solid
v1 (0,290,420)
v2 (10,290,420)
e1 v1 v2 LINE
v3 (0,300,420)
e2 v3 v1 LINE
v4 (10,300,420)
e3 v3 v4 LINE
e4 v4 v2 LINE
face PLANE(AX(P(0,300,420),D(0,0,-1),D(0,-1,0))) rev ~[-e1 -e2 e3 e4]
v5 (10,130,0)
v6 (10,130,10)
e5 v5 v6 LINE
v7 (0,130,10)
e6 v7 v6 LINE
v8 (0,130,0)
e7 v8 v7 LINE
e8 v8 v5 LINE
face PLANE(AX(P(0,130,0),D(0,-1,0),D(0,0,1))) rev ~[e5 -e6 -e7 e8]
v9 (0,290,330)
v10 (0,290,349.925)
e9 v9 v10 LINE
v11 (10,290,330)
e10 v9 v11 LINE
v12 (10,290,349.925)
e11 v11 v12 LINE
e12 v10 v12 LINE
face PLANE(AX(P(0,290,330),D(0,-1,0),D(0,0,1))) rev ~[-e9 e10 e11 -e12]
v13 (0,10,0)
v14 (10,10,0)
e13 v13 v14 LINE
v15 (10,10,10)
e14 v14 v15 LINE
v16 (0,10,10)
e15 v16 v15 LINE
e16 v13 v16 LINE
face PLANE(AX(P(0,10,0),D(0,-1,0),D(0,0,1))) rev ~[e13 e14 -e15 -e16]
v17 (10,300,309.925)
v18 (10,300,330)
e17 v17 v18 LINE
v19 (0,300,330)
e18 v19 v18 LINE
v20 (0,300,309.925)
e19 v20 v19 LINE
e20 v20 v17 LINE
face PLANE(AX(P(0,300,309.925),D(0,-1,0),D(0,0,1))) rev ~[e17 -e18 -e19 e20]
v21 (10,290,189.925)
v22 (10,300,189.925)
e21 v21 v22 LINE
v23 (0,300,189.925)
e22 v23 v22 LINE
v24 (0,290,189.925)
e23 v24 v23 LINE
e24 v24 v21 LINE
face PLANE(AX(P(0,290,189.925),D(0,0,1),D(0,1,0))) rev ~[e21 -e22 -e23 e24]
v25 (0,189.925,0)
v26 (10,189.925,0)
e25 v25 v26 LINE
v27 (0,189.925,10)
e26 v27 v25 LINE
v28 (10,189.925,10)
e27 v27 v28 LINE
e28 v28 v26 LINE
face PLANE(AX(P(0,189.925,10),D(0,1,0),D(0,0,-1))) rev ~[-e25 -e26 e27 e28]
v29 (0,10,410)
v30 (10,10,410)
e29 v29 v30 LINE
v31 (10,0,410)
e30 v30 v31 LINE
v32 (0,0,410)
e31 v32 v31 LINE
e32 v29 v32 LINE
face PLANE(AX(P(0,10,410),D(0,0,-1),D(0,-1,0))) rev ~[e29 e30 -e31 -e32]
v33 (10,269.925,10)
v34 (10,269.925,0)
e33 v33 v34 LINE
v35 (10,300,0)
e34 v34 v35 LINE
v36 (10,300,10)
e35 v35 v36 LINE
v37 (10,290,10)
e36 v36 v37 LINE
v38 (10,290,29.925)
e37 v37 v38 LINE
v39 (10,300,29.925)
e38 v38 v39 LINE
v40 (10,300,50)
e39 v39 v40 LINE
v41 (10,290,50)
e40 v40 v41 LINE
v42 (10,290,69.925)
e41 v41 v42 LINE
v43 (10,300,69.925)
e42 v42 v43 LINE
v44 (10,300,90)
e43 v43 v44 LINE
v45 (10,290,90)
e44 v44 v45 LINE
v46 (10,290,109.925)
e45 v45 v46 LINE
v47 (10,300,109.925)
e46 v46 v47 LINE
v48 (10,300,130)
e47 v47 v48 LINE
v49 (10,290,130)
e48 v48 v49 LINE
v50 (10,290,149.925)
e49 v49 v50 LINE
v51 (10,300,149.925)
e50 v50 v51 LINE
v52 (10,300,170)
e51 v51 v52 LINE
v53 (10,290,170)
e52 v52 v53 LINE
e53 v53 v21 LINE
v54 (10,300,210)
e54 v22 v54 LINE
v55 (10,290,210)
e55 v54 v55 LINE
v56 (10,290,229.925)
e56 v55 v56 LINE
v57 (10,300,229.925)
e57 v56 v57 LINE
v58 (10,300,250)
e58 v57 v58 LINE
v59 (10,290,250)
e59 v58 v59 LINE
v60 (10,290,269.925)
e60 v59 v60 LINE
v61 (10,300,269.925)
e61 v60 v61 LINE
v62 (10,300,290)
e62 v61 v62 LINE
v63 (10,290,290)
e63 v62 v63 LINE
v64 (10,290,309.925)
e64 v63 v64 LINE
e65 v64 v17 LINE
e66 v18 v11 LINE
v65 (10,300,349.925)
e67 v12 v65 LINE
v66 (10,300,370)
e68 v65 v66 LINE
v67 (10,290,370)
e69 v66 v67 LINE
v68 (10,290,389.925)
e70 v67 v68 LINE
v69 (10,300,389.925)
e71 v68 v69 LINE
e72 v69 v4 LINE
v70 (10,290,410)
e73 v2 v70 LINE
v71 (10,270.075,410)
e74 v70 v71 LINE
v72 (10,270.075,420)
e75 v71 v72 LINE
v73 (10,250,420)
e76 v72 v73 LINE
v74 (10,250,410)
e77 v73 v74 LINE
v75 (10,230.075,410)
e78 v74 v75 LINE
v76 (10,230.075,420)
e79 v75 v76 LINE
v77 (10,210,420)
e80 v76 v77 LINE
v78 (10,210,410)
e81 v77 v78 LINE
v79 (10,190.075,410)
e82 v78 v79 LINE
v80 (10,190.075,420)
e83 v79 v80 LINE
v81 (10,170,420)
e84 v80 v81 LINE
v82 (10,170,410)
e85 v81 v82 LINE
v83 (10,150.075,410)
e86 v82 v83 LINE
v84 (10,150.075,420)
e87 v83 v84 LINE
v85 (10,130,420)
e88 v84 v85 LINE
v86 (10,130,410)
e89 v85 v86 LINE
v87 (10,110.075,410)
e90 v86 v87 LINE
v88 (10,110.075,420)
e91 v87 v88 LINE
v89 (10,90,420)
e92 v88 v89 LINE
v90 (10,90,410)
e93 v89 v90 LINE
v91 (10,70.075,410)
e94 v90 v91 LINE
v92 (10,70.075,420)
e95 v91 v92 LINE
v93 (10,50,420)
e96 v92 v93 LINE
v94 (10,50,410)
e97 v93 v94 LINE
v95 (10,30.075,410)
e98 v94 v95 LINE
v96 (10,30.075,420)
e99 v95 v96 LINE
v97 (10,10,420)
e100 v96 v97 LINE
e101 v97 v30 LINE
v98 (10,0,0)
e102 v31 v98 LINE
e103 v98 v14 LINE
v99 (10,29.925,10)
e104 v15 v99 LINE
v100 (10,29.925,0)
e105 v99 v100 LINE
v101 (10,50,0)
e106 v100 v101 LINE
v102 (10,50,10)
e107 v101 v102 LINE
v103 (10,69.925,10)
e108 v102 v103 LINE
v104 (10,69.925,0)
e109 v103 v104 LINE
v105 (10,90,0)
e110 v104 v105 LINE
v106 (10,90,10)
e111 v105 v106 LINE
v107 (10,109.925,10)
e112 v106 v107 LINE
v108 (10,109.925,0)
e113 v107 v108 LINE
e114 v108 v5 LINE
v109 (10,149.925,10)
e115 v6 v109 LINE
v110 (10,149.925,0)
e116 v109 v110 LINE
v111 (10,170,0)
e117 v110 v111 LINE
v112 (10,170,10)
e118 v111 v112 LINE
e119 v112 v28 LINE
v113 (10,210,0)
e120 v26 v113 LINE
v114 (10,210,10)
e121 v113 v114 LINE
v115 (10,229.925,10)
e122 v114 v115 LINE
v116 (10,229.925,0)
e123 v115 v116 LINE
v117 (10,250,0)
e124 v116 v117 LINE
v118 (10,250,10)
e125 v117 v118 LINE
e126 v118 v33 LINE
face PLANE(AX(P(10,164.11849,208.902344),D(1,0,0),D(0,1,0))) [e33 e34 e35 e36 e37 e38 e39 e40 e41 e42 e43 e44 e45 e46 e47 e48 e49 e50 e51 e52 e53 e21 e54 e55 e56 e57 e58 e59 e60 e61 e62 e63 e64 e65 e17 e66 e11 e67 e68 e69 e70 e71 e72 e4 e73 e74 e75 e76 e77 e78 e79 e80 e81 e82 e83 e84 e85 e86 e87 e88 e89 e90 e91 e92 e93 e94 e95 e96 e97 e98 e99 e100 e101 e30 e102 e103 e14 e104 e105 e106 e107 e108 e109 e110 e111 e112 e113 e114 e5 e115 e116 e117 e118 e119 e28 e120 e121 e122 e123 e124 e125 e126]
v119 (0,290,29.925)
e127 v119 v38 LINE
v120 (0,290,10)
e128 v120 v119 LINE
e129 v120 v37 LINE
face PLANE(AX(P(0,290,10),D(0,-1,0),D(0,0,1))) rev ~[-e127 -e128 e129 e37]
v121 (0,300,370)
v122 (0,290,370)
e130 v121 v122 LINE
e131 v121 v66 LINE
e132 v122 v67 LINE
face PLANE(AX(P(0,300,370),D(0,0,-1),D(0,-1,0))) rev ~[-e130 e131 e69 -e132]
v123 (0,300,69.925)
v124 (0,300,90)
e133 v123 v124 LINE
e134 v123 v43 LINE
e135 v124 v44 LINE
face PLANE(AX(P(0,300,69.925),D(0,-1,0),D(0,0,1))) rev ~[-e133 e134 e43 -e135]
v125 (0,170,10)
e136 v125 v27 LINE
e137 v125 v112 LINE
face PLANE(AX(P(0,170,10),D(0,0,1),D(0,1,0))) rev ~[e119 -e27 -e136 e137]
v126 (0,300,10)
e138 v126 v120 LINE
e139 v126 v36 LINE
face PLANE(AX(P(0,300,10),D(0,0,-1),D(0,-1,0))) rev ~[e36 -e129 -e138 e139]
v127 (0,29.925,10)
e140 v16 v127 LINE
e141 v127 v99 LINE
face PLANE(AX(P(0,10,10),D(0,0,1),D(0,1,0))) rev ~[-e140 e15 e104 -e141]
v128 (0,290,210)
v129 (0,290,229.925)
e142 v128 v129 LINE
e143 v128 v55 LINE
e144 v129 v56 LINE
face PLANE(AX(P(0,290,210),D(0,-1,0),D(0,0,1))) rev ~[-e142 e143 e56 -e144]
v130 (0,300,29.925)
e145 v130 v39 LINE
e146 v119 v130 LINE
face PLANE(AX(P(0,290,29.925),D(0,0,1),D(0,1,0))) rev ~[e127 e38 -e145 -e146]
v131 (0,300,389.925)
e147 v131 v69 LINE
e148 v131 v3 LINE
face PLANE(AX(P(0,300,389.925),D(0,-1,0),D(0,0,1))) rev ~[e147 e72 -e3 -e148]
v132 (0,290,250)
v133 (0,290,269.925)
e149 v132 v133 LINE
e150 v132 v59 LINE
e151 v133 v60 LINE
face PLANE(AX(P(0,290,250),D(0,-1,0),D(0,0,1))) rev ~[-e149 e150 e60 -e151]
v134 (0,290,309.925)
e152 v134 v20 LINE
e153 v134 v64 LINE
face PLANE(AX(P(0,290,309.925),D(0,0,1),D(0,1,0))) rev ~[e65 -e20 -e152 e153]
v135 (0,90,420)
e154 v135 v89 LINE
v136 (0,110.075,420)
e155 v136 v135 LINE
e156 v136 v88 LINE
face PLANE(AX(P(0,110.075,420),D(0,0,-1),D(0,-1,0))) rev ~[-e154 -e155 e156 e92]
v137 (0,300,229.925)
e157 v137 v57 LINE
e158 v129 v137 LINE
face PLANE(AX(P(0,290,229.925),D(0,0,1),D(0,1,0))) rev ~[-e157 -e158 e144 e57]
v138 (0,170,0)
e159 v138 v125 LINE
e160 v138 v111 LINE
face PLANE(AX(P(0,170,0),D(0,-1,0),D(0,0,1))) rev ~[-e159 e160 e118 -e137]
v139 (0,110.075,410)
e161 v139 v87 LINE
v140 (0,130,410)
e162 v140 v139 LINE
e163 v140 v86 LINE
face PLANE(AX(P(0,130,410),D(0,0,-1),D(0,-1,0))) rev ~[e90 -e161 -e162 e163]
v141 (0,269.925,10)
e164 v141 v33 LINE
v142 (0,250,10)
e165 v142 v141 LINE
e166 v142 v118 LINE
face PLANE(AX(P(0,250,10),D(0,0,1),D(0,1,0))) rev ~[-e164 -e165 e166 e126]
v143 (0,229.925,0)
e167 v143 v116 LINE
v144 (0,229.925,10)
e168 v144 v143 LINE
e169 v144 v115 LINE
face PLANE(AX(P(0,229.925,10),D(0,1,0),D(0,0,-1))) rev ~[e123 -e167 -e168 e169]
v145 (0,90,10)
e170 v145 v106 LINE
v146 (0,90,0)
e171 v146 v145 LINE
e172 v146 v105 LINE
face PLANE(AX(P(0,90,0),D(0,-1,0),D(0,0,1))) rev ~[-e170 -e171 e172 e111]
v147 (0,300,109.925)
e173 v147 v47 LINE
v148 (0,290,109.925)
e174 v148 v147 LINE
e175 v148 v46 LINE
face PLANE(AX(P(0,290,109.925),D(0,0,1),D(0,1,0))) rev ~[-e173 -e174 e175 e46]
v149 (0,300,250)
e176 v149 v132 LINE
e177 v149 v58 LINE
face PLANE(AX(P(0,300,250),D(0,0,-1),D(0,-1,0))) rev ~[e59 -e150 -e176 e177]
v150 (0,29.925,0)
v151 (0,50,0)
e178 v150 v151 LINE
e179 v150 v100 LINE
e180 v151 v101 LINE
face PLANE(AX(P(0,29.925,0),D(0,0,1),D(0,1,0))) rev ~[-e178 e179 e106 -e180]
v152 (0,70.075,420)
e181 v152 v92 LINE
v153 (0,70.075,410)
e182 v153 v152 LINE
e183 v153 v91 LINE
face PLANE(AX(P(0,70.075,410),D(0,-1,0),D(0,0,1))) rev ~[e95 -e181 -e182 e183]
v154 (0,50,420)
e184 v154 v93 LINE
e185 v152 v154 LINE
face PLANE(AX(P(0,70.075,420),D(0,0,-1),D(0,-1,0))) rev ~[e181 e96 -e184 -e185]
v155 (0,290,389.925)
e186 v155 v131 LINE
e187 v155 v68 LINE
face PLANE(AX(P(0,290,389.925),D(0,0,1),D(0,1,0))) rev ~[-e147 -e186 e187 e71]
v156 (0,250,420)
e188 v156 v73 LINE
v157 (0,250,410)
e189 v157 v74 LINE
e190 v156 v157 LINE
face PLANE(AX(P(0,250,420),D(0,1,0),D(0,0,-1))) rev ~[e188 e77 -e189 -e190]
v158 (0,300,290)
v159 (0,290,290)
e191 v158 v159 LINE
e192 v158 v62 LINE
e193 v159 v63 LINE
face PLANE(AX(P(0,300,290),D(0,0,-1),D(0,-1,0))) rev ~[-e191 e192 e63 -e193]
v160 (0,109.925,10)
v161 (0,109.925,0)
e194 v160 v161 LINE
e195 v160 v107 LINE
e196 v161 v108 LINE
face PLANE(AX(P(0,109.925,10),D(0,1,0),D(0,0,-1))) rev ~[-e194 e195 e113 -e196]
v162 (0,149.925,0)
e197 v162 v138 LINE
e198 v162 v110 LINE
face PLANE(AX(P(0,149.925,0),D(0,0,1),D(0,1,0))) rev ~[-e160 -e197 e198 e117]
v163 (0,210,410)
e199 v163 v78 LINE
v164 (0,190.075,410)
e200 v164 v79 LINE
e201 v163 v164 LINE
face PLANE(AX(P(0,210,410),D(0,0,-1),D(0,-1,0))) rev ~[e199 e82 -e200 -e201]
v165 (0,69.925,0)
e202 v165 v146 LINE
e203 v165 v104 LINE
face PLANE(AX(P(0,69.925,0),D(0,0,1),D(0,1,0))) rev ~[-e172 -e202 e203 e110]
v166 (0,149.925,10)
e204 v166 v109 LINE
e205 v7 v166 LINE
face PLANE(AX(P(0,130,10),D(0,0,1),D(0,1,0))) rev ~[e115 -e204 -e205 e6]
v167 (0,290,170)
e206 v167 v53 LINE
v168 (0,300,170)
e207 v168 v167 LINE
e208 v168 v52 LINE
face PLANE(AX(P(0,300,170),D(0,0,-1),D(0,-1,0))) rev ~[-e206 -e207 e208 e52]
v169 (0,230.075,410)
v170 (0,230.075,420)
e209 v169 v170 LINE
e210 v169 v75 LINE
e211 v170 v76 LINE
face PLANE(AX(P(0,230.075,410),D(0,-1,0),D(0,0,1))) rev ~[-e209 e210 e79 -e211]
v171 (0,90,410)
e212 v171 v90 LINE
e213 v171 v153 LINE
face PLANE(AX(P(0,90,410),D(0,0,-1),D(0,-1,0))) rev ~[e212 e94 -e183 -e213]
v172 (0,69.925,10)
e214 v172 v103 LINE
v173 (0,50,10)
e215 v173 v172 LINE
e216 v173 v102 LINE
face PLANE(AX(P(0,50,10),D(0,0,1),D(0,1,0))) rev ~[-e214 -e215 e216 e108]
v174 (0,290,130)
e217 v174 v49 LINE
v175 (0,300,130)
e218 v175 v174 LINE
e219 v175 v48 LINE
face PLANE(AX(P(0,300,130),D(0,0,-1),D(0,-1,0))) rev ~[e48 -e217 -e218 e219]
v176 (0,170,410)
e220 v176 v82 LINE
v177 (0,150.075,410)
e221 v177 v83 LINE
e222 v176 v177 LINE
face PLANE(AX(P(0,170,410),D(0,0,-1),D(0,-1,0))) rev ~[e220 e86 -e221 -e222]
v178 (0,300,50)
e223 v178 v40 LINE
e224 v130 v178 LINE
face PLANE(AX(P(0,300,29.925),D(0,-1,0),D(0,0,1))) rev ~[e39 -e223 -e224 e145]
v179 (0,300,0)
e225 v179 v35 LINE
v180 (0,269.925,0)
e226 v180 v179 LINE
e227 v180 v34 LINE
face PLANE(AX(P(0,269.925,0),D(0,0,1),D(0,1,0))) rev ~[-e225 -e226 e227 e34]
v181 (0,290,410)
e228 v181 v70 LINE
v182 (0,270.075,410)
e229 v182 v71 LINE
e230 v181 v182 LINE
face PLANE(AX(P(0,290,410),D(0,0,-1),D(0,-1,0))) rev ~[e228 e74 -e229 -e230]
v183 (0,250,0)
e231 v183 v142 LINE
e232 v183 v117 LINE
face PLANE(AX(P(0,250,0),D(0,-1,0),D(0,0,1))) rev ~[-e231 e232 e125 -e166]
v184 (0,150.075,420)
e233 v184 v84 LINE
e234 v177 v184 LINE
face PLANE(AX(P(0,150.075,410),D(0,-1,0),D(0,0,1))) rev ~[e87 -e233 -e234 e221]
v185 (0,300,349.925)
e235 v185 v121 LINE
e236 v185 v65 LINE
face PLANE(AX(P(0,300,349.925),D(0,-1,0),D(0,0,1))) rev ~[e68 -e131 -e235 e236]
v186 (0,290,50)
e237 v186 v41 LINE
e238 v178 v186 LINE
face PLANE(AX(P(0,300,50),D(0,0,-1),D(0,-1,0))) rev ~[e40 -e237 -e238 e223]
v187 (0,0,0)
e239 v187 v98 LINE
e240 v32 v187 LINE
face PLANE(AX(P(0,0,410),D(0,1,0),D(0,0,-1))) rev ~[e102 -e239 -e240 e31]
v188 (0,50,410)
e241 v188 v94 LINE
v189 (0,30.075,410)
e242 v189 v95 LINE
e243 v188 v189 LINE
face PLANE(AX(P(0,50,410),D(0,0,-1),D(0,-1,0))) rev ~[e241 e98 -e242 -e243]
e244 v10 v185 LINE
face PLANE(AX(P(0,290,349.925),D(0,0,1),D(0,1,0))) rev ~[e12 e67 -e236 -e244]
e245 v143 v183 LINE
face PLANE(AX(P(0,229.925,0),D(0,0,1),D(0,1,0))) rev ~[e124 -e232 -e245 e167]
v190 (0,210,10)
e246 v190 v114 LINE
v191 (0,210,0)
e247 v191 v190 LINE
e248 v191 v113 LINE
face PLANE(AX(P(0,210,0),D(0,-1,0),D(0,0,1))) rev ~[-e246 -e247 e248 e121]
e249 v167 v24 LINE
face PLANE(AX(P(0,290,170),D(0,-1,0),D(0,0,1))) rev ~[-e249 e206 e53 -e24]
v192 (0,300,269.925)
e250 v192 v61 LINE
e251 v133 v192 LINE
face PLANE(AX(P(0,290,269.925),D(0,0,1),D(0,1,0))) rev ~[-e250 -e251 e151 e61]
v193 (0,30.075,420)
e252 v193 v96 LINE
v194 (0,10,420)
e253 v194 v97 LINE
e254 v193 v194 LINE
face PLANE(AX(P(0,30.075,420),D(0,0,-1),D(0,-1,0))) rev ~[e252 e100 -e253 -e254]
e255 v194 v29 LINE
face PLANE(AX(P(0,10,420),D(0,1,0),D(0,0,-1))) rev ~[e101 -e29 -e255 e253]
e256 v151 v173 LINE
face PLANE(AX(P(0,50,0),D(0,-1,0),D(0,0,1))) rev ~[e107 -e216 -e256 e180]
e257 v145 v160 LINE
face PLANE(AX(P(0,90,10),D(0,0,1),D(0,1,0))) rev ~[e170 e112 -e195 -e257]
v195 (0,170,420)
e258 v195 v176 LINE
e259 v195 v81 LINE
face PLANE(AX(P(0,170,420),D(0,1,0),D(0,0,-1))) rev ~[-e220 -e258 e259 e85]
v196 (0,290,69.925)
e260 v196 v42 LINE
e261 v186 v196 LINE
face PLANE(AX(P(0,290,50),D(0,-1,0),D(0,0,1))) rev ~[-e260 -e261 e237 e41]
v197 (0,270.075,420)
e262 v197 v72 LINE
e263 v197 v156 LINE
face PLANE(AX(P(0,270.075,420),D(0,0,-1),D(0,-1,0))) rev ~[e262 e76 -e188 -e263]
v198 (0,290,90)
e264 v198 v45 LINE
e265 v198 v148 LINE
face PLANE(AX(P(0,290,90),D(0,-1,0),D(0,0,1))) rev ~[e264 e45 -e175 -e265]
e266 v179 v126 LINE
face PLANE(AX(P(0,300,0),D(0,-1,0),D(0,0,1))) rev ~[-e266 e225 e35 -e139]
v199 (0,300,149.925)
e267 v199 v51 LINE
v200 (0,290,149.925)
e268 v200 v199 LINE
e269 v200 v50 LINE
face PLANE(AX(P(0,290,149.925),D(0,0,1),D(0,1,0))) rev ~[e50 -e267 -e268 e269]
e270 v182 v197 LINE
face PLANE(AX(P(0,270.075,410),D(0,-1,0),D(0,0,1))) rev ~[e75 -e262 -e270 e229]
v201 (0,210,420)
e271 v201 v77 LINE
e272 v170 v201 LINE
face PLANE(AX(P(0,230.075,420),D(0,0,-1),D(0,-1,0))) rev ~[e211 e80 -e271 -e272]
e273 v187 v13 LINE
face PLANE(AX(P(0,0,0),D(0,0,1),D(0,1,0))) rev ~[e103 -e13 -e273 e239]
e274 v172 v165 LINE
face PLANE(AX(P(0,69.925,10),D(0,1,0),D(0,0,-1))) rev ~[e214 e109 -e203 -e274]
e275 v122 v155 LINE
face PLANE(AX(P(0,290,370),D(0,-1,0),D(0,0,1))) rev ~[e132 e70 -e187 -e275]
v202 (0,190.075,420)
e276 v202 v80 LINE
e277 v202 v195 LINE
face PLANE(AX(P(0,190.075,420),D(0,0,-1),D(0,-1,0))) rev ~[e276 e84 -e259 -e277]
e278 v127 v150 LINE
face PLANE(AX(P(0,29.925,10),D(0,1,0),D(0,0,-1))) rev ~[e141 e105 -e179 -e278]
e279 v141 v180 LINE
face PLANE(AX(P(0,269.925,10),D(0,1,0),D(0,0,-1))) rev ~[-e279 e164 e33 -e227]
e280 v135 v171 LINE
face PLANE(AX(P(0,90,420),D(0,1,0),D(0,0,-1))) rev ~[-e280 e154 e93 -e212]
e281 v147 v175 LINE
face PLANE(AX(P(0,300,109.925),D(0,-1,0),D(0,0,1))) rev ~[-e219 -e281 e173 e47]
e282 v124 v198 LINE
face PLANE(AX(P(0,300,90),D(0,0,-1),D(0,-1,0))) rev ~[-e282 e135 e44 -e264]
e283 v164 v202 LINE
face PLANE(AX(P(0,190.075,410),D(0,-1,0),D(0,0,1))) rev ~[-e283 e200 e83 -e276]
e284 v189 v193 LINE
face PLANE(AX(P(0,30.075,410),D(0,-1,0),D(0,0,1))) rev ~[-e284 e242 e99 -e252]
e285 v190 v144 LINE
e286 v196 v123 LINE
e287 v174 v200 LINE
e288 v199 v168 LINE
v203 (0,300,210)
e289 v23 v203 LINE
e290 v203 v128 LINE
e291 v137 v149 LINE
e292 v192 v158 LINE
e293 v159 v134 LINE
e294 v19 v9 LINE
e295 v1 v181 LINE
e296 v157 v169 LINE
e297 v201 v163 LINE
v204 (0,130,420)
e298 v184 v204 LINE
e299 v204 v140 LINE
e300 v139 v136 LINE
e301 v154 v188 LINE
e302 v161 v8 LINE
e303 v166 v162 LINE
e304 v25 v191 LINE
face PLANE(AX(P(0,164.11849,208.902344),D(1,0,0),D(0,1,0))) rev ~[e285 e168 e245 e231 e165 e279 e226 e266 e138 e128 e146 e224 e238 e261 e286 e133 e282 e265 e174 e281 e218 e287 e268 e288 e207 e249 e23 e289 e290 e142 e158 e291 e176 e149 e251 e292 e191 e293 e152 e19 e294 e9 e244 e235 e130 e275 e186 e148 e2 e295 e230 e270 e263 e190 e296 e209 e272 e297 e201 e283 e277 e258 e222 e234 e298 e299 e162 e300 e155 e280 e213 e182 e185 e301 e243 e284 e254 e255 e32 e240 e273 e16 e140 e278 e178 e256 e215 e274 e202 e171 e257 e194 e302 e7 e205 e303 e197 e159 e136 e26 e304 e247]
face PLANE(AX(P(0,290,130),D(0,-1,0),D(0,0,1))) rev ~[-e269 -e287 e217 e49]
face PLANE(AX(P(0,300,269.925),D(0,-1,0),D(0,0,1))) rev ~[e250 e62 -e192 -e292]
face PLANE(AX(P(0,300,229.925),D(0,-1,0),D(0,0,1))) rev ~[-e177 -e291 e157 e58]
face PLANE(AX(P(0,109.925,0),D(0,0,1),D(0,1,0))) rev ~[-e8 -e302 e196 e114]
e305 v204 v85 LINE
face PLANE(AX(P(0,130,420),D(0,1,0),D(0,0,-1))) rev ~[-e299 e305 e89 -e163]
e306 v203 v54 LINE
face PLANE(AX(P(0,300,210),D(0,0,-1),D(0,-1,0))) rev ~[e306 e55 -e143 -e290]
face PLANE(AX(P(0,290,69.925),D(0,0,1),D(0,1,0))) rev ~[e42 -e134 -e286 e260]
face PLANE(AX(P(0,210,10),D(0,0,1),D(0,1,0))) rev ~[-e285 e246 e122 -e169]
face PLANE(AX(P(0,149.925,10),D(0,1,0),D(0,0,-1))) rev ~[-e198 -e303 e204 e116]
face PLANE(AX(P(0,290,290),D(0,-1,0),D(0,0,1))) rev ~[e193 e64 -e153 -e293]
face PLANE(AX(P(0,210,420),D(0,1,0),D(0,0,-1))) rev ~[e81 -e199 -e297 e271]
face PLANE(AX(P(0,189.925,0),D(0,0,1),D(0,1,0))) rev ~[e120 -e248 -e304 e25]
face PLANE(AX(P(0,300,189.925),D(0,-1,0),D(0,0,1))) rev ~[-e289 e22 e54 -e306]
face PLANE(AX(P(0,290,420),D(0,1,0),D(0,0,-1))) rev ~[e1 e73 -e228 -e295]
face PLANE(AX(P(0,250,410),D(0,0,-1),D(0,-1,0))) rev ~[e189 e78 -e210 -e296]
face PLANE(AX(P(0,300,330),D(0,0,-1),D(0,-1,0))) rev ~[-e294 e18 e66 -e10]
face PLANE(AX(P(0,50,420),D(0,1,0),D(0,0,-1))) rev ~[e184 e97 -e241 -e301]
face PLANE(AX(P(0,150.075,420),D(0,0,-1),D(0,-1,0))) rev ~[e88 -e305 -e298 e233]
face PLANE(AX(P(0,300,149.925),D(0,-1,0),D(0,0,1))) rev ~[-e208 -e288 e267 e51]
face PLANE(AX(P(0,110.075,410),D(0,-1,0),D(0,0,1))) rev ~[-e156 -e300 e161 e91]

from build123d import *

# Parameters (mm, degrees)
F1_DEPTH = 10


with BuildPart() as f1:
    # F0 (on Right) → F1 (new body)
    with BuildSketch(Plane.YZ):
        Polygon((0, 410), (0, 0), (10, 0), (10, 10), (29.925, 10), (29.925, 0), (50, 0), (50, 10), (69.925, 10), (69.925, 0), (90, 0), (90, 10), (109.925, 10), (109.925, 0), (130, 0), (130, 10), (149.925, 10), (149.925, 0), (170, 0), (170, 10), (189.925, 10), (189.925, 0), (210, 0), (210, 10), (229.925, 10), (229.925, 0), (250, 0), (250, 10), (269.925, 10), (269.925, 0), (300, 0), (300, 10), (290, 10), (290, 29.925), (300, 29.925), (300, 50), (290, 50), (290, 69.925), (300, 69.925), (300, 90), (290, 90), (290, 109.925), (300, 109.925), (300, 130), (290, 130), (290, 149.925), (300, 149.925), (300, 170), (290, 170), (290, 189.925), (300, 189.925), (300, 210), (290, 210), (290, 229.925), (300, 229.925), (300, 250), (290, 250), (290, 269.925), (300, 269.925), (300, 290), (290, 290), (290, 309.925), (300, 309.925), (300, 330), (290, 330), (290, 349.925), (300, 349.925), (300, 370), (290, 370), (290, 389.925), (300, 389.925), (300, 420), (290, 420), (290, 410), (270.075, 410), (270.075, 420), (250, 420), (250, 410), (230.075, 410), (230.075, 420), (210, 420), (210, 410), (190.075, 410), (190.075, 420), (170, 420), (170, 410), (150.075, 410), (150.075, 420), (130, 420), (130, 410), (110.075, 410), (110.075, 420), (90, 420), (90, 410), (70.075, 410), (70.075, 420), (50, 420), (50, 410), (30.075, 410), (30.075, 420), (10, 420), (10, 410), align=None)
    extrude(amount=F1_DEPTH)


solid = f1.part
